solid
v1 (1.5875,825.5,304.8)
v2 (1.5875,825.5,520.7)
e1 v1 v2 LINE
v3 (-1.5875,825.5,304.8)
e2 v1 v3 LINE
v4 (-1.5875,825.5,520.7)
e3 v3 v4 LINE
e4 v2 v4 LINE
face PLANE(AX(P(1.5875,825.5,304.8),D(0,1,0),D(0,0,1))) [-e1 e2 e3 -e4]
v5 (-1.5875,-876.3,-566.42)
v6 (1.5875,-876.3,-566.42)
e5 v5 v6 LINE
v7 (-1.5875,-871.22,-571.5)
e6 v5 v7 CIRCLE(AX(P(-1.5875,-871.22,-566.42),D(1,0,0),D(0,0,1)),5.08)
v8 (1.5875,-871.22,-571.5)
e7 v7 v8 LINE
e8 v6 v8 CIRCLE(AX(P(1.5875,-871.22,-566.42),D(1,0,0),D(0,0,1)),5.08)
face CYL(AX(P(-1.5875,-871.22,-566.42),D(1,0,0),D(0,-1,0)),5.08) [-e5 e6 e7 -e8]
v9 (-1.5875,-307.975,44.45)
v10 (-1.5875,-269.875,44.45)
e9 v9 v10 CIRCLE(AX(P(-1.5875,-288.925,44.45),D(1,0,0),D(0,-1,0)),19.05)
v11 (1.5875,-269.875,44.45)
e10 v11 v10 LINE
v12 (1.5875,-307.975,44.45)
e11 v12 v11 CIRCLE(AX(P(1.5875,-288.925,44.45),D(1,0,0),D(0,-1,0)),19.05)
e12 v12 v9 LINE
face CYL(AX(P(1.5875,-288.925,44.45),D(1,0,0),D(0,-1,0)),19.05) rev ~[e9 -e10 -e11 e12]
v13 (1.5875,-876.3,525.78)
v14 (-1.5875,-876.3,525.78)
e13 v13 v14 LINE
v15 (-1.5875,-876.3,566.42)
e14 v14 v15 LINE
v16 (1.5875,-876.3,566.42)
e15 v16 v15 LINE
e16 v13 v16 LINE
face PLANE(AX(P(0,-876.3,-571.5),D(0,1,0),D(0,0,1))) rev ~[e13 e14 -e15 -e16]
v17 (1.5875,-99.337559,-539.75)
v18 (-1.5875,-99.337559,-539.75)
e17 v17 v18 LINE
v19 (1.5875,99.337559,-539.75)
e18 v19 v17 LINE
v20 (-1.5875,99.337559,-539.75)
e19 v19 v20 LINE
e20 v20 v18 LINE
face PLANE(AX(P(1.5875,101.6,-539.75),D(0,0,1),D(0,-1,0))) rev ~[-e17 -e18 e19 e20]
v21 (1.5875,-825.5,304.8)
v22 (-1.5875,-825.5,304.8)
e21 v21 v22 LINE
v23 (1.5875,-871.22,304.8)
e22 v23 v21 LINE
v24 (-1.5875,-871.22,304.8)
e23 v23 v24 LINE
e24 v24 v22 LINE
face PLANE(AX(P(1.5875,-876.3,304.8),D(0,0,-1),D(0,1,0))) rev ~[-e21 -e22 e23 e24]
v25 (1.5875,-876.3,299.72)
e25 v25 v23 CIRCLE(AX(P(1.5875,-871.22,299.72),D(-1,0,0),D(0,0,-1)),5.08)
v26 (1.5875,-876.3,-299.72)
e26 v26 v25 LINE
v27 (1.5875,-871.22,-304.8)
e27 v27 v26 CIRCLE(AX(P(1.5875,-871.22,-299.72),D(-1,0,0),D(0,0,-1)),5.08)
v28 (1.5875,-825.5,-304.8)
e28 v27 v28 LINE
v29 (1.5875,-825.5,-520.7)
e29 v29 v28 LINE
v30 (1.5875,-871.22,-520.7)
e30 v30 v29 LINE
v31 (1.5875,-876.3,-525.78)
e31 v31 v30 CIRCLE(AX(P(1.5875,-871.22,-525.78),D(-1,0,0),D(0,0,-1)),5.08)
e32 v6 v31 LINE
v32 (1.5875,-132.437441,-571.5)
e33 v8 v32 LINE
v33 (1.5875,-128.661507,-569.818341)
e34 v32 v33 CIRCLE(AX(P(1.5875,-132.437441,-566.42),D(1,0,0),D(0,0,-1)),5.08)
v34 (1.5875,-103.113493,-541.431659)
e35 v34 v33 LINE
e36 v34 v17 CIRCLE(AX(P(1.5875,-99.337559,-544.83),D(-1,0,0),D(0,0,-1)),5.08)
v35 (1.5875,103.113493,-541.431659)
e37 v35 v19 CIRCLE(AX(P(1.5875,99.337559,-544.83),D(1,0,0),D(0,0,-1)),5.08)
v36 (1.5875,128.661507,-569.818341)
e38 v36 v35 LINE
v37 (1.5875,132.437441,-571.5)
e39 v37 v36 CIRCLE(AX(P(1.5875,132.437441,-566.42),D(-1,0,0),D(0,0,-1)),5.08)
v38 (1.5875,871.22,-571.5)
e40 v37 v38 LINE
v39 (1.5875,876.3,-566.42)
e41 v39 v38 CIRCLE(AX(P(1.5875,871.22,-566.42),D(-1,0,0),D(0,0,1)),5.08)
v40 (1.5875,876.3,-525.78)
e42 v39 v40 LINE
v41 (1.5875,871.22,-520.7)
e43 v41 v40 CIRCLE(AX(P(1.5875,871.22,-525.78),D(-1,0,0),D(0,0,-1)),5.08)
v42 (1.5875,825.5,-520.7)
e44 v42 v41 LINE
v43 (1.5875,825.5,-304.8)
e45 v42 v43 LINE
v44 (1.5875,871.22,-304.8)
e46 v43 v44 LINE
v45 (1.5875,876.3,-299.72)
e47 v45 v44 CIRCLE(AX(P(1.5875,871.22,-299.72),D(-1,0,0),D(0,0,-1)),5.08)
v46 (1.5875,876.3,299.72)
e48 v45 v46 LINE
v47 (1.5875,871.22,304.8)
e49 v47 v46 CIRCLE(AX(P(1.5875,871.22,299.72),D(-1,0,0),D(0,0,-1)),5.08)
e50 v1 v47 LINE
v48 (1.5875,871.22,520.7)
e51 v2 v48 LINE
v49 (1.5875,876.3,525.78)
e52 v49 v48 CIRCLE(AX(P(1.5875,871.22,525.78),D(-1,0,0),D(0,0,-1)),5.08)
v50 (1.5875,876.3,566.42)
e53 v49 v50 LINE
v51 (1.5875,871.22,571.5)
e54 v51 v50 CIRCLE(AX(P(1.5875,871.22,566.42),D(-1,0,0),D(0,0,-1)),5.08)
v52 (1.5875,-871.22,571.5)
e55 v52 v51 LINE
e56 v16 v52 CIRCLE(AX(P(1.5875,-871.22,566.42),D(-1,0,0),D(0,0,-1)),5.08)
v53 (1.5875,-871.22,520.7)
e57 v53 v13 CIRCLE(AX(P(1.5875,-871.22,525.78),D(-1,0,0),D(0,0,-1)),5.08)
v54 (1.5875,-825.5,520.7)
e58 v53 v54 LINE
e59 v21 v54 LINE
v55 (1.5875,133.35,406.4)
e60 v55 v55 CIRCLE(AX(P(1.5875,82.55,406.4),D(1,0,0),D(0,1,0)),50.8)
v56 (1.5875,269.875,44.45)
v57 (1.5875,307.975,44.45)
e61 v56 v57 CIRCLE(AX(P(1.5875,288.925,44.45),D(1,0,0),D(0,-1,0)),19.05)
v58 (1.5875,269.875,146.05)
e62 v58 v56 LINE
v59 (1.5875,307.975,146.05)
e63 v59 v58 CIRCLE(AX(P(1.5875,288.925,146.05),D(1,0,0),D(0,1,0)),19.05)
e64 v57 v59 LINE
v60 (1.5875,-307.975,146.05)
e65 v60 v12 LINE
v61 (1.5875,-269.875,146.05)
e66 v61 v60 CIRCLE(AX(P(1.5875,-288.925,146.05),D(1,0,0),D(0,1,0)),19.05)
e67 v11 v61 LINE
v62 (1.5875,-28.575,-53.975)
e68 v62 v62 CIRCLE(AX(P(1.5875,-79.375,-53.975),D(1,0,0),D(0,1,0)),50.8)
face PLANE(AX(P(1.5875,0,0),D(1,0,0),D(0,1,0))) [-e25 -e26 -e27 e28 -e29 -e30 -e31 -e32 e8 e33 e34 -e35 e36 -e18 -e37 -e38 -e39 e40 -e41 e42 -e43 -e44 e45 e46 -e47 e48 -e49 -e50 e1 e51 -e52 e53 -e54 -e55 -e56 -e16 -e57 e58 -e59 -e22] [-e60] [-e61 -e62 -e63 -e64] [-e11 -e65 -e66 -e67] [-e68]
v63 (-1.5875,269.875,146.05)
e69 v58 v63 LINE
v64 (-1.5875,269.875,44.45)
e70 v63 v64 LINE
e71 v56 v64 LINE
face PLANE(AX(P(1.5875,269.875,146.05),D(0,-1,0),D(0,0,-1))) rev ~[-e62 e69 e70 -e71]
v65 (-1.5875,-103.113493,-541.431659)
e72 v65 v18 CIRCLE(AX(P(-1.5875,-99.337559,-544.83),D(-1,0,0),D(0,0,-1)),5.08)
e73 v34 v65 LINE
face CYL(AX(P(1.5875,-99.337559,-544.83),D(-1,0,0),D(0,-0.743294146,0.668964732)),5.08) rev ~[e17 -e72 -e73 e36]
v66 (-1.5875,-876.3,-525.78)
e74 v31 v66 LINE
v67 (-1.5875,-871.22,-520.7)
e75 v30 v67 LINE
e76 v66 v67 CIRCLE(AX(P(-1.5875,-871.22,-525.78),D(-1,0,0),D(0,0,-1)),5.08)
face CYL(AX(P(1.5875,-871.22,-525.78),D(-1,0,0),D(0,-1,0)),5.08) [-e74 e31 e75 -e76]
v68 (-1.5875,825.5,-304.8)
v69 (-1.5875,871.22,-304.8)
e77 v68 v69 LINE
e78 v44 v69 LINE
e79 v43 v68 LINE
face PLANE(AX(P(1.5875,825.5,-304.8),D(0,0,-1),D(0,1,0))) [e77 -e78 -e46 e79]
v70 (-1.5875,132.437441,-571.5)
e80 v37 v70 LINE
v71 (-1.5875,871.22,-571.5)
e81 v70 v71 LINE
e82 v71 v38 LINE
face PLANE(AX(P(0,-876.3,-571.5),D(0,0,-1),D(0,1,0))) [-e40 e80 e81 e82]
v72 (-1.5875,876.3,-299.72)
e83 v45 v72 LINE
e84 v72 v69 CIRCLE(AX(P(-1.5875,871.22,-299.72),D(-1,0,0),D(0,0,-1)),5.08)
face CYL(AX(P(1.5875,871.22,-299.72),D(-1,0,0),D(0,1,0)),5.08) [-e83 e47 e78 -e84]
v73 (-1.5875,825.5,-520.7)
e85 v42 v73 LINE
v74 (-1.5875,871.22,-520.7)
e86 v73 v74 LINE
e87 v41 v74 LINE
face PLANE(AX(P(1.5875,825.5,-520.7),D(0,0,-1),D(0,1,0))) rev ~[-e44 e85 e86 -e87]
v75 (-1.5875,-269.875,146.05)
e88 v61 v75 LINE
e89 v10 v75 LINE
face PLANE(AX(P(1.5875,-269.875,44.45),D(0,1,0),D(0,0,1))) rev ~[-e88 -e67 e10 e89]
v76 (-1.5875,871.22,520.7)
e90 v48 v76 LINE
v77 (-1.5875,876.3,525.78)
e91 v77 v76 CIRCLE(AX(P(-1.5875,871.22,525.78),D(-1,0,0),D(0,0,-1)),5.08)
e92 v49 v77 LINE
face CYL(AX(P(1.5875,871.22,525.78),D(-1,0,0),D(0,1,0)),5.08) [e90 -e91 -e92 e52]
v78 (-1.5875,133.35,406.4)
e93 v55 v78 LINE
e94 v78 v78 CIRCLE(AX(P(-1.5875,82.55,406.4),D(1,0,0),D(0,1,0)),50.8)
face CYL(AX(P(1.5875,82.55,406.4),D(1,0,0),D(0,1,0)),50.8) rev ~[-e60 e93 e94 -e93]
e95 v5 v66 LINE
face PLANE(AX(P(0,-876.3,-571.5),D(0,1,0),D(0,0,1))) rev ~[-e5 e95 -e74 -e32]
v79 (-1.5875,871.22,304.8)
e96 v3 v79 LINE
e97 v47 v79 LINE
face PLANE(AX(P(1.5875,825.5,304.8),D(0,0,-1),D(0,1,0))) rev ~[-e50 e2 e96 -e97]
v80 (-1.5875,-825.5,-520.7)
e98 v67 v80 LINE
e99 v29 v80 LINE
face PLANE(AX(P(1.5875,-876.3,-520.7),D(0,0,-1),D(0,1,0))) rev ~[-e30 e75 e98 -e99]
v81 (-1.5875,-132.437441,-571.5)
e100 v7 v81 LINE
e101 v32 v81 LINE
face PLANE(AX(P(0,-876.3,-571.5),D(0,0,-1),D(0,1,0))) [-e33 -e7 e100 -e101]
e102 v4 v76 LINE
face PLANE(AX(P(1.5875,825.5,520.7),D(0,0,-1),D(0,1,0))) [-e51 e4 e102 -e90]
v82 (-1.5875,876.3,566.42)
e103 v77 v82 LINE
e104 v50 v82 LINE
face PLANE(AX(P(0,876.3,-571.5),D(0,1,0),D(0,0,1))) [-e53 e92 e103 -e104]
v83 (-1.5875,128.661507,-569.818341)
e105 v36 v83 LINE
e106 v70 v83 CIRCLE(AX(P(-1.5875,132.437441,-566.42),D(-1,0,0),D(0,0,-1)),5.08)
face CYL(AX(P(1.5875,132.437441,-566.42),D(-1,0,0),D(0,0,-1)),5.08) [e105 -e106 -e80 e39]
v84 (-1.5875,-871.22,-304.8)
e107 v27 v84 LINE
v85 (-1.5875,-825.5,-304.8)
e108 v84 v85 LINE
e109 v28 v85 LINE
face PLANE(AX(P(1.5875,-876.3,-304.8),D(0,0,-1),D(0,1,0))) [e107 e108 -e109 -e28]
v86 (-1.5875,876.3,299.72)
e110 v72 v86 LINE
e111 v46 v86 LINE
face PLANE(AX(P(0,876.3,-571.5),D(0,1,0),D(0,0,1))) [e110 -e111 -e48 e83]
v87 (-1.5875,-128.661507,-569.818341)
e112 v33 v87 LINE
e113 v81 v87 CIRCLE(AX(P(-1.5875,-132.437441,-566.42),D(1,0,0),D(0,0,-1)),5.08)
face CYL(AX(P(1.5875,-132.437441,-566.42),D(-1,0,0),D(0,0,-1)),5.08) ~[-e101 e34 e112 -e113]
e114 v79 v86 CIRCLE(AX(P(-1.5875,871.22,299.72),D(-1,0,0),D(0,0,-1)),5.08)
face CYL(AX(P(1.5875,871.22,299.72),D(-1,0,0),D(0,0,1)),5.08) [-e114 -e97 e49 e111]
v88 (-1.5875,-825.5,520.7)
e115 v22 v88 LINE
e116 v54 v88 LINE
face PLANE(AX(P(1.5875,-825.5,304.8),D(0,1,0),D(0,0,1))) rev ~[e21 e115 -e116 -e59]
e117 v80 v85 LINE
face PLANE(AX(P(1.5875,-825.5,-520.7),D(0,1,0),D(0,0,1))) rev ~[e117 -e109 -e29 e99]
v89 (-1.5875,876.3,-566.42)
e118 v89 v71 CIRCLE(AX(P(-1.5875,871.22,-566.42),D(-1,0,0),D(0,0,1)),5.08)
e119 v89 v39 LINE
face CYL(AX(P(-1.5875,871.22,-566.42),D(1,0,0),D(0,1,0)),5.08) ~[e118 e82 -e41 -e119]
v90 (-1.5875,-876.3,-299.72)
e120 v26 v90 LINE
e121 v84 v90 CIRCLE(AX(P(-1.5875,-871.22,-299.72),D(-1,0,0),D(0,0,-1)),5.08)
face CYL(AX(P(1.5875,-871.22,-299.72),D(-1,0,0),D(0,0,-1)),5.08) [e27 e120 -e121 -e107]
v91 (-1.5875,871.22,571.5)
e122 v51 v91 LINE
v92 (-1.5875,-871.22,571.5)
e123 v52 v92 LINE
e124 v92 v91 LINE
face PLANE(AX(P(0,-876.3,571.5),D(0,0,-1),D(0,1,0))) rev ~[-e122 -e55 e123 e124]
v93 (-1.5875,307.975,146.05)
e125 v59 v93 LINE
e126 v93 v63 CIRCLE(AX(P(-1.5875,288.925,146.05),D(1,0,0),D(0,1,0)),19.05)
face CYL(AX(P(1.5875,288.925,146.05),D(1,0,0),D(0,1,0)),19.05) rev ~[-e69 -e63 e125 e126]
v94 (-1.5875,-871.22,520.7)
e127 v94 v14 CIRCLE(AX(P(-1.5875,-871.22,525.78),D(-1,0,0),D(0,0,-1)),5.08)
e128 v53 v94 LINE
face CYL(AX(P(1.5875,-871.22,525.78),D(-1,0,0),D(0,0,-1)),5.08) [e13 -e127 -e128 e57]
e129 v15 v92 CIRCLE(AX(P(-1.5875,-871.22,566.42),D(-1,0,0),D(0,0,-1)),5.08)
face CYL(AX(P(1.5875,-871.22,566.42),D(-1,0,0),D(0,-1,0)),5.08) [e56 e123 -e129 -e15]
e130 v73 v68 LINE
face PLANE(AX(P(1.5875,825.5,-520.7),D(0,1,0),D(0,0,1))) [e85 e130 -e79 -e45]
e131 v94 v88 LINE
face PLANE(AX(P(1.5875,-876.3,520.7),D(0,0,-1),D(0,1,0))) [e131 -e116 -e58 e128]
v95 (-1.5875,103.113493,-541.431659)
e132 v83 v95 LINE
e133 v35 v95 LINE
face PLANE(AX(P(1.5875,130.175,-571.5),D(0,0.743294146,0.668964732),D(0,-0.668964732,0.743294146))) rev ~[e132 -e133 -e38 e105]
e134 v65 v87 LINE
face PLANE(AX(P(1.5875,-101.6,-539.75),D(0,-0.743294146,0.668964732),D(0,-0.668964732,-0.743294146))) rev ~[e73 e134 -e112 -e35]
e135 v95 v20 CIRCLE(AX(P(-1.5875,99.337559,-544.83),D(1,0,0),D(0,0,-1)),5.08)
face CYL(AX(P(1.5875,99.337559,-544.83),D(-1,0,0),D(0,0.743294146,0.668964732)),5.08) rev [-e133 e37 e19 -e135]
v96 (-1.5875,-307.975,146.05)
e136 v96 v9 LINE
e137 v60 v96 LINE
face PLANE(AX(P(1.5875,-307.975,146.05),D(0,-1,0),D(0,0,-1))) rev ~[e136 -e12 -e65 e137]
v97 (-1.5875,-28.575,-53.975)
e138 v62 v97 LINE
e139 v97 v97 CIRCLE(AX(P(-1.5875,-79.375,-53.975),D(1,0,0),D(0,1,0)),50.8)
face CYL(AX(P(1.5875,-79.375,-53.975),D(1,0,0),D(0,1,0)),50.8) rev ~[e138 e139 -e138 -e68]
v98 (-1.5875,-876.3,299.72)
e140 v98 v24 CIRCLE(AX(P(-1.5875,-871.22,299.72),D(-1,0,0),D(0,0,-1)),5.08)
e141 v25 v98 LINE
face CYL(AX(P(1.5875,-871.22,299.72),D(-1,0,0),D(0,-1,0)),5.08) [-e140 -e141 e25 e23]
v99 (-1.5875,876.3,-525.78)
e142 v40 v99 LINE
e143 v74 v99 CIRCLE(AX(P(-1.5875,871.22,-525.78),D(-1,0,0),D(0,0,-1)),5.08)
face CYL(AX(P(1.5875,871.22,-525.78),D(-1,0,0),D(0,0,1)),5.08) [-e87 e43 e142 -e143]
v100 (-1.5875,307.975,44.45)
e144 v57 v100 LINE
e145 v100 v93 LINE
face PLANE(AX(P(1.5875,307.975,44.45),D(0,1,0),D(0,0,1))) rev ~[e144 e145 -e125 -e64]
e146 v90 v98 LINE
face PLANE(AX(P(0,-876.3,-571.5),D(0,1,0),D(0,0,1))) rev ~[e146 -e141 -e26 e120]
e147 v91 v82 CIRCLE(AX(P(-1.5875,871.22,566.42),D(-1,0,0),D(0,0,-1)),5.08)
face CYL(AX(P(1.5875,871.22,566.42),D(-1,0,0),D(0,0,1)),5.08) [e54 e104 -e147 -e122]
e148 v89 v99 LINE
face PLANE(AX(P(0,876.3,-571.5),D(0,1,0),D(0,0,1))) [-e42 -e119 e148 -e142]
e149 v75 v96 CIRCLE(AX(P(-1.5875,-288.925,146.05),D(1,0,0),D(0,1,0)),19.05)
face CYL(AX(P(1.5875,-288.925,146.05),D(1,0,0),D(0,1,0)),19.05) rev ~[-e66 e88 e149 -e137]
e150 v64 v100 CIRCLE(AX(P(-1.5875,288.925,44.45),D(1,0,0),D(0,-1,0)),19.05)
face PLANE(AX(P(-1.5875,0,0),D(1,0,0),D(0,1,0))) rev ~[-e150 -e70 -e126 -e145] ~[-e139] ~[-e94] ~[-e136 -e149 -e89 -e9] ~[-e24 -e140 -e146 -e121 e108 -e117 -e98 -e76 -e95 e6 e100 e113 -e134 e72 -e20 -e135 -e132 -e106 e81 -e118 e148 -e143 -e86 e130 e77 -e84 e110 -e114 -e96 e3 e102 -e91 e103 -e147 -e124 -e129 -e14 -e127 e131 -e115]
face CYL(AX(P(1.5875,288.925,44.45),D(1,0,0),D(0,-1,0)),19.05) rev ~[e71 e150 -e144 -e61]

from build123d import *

# Parameters (mm, degrees)
F0_W     = 1752.6
F0_H     = 1143
F1_DEPTH = 1.5875
F2_W     = 50.8
F2_H     = 215.9
F3_DEPTH = 3.176
F5_DEPTH = 3.176
F6_R     = 50.8
F7_DEPTH = 3.176
F9_DEPTH = 3.176
F10_R    = 5.08


with BuildPart() as f1:
    # F0 (on Right) → F1 (new body, symmetric)
    with BuildSketch(Plane.YZ):
        Rectangle(F0_W, F0_H)
    extrude(amount=F1_DEPTH, both=True)

    # F2 (on face) → F3 (cut, through all)
    with BuildSketch(Plane.YZ.offset(1.5875)):
        with Locations((-850.9, 412.75)):
            Rectangle(F2_W, F2_H)
        with Locations((850.9, 412.75)):
            Rectangle(F2_W, F2_H)
        with Locations((-850.9, -412.75)):
            Rectangle(F2_W, F2_H)
        with Locations((850.9, -412.75)):
            Rectangle(F2_W, F2_H)
    extrude(amount=-F3_DEPTH, mode=Mode.SUBTRACT)

    # F4 (on face) → F5 (cut, through all)
    with BuildSketch(Plane.YZ.offset(1.5875)):
        with BuildLine():
            Line((-269.875, 44.45), (-269.875, 146.05))
            ThreePointArc((-269.875, 146.05), (-288.925, 165.1), (-307.975, 146.05))
            Line((-307.975, 146.05), (-307.975, 44.45))
            ThreePointArc((-307.975, 44.45), (-288.925, 25.4), (-269.875, 44.45))
        make_face()
        with BuildLine():
            ThreePointArc((307.975, 146.05), (288.925, 165.1), (269.875, 146.05))
            Line((269.875, 146.05), (269.875, 44.45))
            ThreePointArc((269.875, 44.45), (288.925, 25.4), (307.975, 44.45))
            Line((307.975, 44.45), (307.975, 146.05))
        make_face()
    extrude(amount=-F5_DEPTH, mode=Mode.SUBTRACT)

    # F6 (on face) → F7 (cut, through all)
    with BuildSketch(Plane.YZ.offset(1.5875)):
        with Locations((82.55, 406.4)):
            Circle(F6_R)
        with Locations((-79.375, -53.975)):
            Circle(F6_R)
    extrude(amount=-F7_DEPTH, mode=Mode.SUBTRACT)

    # F8 (on face) → F9 (cut, through all)
    with BuildSketch(Plane.YZ.offset(1.5875)):
        Polygon((-101.6, -539.75), (-130.175, -571.5), (130.175, -571.5), (101.6, -539.75), align=None)
    extrude(amount=-F9_DEPTH, mode=Mode.SUBTRACT)

    # F10
    f10_edges = [f1.edges().sort_by_distance(p)[0] for p in [
        (0, -876.3, -571.5),
        (0, -876.3, -520.7),
        (0, -876.3, -304.8),
        (0, -876.3, 304.8),
        (0, -876.3, 520.7),
        (0, -876.3, 571.5),
        (0, 876.3, 571.5),
        (0, 876.3, 520.7),
        (0, 876.3, 304.8),
        (0, 876.3, -304.8),
        (0, 876.3, -520.7),
        (0, 876.3, -571.5),
        (0, 130.175, -571.5),
        (0, -130.175, -571.5),
        (0, -101.6, -539.75),
        (0, 101.6, -539.75),
    ]]
    fillet(f10_edges, radius=F10_R)


solid = f1.part
